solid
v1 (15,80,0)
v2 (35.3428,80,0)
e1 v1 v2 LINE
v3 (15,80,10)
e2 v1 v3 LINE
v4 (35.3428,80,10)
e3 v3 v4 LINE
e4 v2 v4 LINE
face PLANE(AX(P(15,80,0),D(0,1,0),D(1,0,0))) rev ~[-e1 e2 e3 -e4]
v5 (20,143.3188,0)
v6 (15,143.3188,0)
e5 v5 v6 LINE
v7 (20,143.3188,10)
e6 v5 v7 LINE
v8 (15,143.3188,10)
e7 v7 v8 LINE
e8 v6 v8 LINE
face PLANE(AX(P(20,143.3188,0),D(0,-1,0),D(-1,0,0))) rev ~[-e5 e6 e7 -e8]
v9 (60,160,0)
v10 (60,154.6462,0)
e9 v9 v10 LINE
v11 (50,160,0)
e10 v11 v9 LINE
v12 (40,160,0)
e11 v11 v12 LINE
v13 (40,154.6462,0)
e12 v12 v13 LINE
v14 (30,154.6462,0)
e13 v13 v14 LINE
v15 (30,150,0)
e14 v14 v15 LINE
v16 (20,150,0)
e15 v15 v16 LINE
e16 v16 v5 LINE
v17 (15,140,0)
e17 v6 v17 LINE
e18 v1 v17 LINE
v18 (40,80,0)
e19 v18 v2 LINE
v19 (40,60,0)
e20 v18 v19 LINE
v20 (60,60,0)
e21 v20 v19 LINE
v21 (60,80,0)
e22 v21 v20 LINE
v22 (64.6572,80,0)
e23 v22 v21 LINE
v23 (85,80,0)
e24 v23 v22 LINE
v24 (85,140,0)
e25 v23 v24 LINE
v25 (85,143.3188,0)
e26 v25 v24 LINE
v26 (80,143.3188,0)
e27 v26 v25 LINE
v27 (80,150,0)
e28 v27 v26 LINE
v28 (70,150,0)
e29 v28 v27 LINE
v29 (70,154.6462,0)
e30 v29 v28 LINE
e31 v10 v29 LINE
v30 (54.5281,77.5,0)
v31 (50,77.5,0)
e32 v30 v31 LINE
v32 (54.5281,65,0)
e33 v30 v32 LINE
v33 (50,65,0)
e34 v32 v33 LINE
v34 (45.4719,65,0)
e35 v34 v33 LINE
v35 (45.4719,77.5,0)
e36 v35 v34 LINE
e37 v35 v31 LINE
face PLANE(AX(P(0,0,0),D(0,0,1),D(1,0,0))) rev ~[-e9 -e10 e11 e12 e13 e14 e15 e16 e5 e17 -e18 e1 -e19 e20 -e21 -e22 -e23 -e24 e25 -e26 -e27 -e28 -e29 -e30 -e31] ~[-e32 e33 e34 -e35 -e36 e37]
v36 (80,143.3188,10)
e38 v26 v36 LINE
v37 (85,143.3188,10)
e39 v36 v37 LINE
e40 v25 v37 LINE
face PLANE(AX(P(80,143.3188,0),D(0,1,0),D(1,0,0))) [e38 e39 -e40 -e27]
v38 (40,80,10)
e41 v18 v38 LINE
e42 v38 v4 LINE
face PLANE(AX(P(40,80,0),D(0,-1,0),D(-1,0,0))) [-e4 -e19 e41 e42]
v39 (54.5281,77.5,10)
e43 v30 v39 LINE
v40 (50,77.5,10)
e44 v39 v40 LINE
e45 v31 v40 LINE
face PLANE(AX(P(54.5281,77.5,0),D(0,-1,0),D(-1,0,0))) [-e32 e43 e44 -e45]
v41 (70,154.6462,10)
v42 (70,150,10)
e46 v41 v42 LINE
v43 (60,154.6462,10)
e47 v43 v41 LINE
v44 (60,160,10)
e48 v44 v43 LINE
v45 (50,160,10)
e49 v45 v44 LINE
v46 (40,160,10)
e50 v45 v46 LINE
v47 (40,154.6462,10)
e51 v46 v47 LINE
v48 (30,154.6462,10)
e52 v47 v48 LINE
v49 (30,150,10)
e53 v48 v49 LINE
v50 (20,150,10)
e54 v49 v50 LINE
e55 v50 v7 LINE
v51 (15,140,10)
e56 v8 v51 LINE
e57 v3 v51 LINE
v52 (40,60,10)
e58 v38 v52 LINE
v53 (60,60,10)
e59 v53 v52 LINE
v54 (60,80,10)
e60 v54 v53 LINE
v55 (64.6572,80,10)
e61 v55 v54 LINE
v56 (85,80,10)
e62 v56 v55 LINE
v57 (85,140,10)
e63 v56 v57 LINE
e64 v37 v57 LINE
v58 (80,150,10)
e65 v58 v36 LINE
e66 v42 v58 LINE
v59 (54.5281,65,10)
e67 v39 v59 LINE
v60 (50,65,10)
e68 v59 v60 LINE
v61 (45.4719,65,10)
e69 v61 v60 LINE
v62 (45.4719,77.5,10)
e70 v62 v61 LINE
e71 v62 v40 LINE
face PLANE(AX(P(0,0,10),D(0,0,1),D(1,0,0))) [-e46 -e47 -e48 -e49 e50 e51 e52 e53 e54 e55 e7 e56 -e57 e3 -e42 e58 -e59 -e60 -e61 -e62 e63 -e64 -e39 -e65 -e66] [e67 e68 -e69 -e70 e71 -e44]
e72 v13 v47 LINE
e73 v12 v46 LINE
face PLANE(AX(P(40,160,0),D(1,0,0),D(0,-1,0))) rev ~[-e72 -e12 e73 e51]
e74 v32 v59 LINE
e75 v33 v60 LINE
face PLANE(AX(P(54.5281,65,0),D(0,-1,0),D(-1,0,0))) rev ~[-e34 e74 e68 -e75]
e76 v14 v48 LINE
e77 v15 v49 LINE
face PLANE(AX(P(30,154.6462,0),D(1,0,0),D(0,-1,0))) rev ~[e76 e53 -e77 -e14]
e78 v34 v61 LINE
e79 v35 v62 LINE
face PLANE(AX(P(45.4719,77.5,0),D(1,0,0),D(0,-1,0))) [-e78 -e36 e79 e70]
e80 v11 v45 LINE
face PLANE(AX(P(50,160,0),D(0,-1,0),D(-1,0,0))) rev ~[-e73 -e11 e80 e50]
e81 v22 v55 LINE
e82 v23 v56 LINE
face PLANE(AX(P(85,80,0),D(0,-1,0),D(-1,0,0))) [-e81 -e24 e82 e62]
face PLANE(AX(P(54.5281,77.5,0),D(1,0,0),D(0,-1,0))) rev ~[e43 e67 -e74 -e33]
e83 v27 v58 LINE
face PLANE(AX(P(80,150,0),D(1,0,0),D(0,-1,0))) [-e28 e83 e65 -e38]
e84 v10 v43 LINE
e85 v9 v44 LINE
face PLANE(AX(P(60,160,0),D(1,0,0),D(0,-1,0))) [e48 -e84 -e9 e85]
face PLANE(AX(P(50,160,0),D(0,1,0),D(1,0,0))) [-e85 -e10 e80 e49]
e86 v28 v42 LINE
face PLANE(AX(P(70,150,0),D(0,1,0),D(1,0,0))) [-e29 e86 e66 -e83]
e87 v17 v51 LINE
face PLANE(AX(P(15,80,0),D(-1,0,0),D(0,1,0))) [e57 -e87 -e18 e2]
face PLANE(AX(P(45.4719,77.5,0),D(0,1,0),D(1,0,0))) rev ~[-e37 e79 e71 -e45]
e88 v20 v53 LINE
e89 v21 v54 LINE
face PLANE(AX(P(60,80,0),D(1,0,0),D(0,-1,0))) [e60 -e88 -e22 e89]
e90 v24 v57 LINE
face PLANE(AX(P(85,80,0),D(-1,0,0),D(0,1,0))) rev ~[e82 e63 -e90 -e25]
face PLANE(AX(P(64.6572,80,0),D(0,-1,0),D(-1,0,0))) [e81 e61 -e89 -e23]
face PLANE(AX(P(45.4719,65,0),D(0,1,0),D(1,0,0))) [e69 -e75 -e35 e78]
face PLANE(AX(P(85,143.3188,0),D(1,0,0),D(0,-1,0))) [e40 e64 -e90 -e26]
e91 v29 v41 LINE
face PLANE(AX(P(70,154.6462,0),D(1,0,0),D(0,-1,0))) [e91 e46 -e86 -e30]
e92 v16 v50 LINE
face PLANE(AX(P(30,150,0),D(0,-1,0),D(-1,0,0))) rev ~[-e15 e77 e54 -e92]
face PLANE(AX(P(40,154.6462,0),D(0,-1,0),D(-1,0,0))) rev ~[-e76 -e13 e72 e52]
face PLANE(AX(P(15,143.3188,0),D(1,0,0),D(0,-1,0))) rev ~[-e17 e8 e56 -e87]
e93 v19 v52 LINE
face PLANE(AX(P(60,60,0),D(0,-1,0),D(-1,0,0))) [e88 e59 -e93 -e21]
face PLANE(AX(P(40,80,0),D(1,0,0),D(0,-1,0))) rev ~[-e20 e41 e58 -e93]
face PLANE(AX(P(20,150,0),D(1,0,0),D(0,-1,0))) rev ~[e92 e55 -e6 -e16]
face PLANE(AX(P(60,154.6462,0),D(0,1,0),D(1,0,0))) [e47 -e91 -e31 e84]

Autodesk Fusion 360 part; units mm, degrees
sketch "breloc" plane through (0, 0, 0) normal (0, 0, 1) x (1, 0, 0)
  line L0 (60, 60) -> (40, 60)
  line L1 (85, 80) -> (85, 140)
  line L2 (50, 160) -> (60, 160)
  line L3 (60, 160) -> (60, 154.6462)
  line L4 (60, 154.6462) -> (70, 154.6462)
  line L5 (70, 154.6462) -> (70, 150)
  line L6 (70, 150) -> (80, 150)
  line L7 (80, 150) -> (80, 143.3188)
  line L8 (80, 143.3188) -> (85, 143.3188)
  line L9 (85, 143.3188) -> (85, 140)
  line L10 (85, 80) -> (64.6572, 80)
  line L11 (15, 80) -> (15, 140)
  line L12 (40, 154.6462) -> (30, 154.6462)
  line L13 (50, 160) -> (40, 160)
  line L14 (30, 150) -> (20, 150)
  line L15 (20, 150) -> (20, 143.3188)
  line L16 (20, 143.3188) -> (15, 143.3188)
  line L17 (15, 143.3188) -> (15, 140)
  line L18 (30, 154.6462) -> (30, 150)
  line L19 (40, 160) -> (40, 154.6462)
  line L20 (15, 80) -> (35.3428, 80)
  line L21 (40, 80) -> (40, 60)
  line L22 (60, 80) -> (60, 60)
  line L23 (64.6572, 80) -> (60, 80)
  line L24 (40, 80) -> (35.3428, 80)
  line L25 (50, 80) -> (50, 77.5)
  line L26 (54.5281, 77.5) -> (54.5281, 65)
  line L27 (54.5281, 65) -> (50, 65)
  line L28 (54.5281, 77.5) -> (50, 77.5)
  line L29 (45.4719, 77.5) -> (45.4719, 65)
  line L30 (45.4719, 77.5) -> (50, 77.5)
  line L31 (45.4719, 65) -> (50, 65)
  dimension "d7" = 60
extrude "Extrude4" add sketch "breloc" along normal blind 10
extrude "Extrude3" [suppressed]
moveface "MoveFace1" [suppressed]
extrude "Extrude1" [suppressed]
extrude "Extrude2" [suppressed]
